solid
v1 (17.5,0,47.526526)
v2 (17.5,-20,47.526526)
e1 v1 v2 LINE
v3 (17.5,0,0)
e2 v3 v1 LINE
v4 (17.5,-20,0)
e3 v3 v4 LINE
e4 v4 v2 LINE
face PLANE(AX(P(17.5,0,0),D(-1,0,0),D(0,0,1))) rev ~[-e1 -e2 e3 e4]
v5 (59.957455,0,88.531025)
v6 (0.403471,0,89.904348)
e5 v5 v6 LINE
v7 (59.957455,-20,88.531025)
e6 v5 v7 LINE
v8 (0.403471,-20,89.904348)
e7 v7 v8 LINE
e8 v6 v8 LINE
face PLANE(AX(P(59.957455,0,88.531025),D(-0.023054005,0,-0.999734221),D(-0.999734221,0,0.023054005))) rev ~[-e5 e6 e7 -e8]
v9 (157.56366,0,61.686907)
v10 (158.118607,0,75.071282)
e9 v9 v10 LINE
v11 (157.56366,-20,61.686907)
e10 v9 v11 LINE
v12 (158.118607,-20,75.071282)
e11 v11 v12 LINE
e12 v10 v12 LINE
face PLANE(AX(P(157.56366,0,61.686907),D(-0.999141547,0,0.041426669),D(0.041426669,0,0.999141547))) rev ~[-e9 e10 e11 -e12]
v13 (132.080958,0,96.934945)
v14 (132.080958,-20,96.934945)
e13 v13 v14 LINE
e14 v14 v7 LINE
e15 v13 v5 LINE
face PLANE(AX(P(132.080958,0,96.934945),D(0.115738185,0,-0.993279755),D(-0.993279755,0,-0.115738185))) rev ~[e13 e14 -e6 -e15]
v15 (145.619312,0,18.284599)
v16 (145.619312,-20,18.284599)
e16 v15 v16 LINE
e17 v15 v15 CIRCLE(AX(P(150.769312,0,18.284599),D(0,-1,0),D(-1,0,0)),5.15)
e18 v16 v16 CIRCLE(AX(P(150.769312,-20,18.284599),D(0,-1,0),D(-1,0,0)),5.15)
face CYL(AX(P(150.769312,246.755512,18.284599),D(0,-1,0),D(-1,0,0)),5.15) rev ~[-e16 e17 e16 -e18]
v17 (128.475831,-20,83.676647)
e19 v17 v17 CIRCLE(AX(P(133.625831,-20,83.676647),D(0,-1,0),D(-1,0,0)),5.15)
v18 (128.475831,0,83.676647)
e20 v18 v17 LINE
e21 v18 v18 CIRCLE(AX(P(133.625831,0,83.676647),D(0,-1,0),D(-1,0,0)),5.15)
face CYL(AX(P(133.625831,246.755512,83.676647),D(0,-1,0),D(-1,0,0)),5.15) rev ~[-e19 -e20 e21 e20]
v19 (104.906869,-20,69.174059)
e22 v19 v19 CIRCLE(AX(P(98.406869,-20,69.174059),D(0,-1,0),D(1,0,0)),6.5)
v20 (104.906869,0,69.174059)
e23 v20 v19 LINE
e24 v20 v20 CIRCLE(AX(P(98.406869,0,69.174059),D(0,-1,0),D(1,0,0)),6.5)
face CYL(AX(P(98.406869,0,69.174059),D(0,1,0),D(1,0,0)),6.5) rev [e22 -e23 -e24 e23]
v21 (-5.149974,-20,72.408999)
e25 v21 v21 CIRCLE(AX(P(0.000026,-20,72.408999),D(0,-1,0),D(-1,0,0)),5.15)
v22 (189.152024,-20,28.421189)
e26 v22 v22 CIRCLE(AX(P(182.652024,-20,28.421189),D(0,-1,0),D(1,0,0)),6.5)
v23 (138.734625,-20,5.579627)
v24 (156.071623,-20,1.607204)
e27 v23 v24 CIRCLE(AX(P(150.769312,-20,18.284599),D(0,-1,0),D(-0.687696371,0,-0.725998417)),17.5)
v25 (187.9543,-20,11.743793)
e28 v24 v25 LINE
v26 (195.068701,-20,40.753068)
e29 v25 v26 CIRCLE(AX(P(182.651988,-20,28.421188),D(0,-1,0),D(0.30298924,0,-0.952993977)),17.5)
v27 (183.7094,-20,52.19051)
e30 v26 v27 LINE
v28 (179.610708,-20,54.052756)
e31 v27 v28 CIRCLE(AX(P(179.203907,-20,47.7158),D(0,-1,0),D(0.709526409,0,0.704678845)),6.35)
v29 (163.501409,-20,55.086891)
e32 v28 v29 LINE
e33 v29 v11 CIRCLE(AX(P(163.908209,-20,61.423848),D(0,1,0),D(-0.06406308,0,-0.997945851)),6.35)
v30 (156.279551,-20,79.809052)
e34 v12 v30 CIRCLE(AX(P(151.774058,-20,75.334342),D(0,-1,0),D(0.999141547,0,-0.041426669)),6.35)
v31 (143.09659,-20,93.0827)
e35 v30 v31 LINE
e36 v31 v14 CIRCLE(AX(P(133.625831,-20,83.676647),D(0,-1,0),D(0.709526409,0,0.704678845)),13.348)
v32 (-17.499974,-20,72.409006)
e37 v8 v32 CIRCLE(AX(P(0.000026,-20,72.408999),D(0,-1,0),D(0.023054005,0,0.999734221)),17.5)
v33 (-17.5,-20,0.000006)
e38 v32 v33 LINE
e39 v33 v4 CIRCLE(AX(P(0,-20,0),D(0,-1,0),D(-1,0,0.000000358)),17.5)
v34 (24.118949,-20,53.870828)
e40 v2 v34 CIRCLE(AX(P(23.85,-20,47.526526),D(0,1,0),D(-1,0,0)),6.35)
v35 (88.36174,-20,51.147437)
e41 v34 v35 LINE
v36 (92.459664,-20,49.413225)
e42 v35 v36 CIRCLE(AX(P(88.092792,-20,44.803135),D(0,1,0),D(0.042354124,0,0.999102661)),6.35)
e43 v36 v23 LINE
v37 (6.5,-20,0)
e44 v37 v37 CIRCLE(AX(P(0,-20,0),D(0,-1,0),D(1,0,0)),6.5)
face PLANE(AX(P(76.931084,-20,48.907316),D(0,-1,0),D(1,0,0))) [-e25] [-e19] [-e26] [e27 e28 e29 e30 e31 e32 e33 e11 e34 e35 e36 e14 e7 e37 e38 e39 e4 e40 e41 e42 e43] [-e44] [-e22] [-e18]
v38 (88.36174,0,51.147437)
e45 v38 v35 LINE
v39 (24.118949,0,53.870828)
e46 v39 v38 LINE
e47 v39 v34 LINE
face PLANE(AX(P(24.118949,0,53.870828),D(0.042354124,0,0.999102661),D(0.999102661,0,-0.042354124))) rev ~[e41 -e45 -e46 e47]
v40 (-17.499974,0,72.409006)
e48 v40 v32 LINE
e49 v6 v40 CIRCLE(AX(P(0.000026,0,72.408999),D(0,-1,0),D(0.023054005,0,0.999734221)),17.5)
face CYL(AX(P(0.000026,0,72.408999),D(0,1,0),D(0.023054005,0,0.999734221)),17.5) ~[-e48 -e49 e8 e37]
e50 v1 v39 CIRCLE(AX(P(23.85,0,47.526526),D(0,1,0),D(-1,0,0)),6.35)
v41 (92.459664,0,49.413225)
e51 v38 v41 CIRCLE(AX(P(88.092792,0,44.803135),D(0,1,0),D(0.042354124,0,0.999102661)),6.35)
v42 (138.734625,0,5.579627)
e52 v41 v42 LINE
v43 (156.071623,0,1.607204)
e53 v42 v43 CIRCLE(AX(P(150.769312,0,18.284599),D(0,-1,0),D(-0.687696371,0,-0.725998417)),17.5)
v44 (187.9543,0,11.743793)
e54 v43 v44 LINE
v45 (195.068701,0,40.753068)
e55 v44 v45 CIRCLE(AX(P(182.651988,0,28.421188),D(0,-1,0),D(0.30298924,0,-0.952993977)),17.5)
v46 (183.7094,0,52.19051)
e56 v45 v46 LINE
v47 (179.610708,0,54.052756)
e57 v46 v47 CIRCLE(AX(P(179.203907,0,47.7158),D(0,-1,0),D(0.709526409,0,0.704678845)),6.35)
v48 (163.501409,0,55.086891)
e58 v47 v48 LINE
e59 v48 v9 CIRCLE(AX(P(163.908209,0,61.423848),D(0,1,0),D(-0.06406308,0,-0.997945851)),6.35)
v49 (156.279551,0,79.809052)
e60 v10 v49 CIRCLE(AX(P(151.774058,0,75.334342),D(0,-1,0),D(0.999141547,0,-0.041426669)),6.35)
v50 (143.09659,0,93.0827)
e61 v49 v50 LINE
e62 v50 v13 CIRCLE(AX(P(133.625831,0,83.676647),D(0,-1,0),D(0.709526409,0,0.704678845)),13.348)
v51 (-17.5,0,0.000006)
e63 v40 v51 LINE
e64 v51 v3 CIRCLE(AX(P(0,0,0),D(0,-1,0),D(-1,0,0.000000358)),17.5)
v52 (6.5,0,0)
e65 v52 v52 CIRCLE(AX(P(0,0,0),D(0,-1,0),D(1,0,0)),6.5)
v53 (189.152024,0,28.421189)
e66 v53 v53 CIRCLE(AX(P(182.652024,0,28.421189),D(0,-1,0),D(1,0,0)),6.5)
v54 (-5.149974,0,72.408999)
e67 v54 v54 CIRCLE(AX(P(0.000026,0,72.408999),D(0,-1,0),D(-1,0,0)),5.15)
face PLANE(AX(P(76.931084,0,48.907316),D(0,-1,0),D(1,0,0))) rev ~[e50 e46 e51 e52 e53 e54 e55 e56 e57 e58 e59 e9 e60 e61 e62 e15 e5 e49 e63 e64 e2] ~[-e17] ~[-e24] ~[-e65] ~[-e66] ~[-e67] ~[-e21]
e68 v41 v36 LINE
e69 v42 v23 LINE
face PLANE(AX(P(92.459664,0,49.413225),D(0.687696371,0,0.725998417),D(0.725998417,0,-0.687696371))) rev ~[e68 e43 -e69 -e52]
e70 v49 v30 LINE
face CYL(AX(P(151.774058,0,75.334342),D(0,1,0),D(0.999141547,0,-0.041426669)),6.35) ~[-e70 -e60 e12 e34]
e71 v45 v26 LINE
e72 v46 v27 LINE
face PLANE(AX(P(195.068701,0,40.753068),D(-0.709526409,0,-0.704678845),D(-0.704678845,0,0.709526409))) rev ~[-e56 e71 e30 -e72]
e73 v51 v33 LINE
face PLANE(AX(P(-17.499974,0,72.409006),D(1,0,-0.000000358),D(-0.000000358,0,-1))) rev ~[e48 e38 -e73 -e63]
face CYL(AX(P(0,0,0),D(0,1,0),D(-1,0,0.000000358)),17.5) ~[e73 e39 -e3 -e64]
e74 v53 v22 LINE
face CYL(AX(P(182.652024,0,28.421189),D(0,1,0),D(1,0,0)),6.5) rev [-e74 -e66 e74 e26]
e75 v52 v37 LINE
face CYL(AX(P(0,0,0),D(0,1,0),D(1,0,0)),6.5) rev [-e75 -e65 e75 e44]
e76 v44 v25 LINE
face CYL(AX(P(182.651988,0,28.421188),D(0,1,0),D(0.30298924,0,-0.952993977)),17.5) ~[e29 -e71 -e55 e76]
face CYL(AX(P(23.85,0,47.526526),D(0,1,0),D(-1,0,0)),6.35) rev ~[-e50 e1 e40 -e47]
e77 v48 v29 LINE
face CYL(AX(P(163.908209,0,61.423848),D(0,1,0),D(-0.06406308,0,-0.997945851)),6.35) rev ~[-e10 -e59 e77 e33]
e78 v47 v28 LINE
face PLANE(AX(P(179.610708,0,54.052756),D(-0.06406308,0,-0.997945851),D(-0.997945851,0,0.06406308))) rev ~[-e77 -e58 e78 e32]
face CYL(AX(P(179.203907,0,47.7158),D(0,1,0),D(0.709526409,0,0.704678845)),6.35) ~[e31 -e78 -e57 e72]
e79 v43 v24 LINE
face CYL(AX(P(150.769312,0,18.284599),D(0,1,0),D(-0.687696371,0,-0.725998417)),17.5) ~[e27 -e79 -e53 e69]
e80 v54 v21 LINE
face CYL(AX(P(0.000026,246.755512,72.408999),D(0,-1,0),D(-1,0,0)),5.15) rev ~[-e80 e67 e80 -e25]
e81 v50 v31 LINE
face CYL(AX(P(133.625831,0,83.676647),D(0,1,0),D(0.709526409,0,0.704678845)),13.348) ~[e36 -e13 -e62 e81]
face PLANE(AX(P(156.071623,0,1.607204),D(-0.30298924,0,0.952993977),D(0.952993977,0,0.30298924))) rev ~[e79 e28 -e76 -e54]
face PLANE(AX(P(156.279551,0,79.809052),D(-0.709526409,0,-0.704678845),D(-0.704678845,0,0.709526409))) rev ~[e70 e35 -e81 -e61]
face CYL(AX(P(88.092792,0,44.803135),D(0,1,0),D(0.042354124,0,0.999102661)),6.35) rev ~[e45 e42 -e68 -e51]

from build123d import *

# Parameters (mm, degrees)
F0_R     = 5.1005
F0_R_2   = 6.5
F1_DEPTH = 20
F2_D     = 10.3


with BuildPart() as f1:
    # F0 (on Front) → F1 (new body)
    with BuildSketch(Plane.XZ):
        with BuildLine():
            Line((132.0809580877, 96.9349452117), (59.9574545853, 88.5310254399))
            Line((59.9574545853, 88.5310254399), (0.403471028, 89.9043482712))
            ThreePointArc((0.403471028, 89.9043482712), (-12.2308693915, 84.9251968815), (-17.4999740584, 72.4090056714))
            Line((-17.4999740584, 72.4090056714), (-17.5, 6.2696e-06))
            ThreePointArc((-17.5, 6.2696e-06), (3.1348e-06, 17.5), (17.5, 0))
            Line((17.5, 0), (17.5, 47.5265261404))
            ThreePointArc((17.5, 47.5265261404), (19.4559884027, 52.1107558557), (24.1189486874, 53.8708280409))
            Line((24.1189486874, 53.8708280409), (88.3617403031, 51.1474370752))
            ThreePointArc((88.3617403031, 51.1474370752), (90.5675807024, 50.6510338552), (92.4596635684, 49.413225125))
            Line((92.4596635684, 49.413225125), (138.7346251007, 5.5796266896))
            ThreePointArc((138.7346251007, 5.5796266896), (146.8608269295, 1.2266463698), (156.0716232804, 1.6072043922))
            Line((156.0716232804, 1.6072043922), (187.9543001925, 11.7437931539))
            ThreePointArc((187.9543001925, 11.7437931539), (199.6483249179, 24.2529089432), (195.0687006595, 40.7530675413))
            Line((195.0687006595, 40.7530675413), (183.7093997167, 52.1905103823))
            ThreePointArc((183.7093997167, 52.1905103823), (181.8306247091, 53.4970499424), (179.6107075775, 54.0527558716))
            Line((179.6107075775, 54.0527558716), (163.5014087271, 55.0868914458))
            ThreePointArc((163.5014087271, 55.0868914458), (159.1874857427, 57.1768169649), (157.5636604631, 61.6869069477))
            Line((157.5636604631, 61.6869069477), (158.1186069427, 75.0712822585))
            ThreePointArc((158.1186069427, 75.0712822585), (157.6937258828, 77.6321739679), (156.2795508179, 79.8090522713))
            Line((156.2795508179, 79.8090522713), (143.0965898897, 93.0827002582))
            ThreePointArc((143.0965898897, 93.0827002582), (138.032061278, 96.2764185447), (132.0809580877, 96.9349452117))
        make_face()
        with Locations((150.7693115845, 18.2845989932)):
            Circle(F0_R, mode=Mode.SUBTRACT)
        with Locations((182.6520242019, 28.4211886504)):
            Circle(F0_R_2, mode=Mode.SUBTRACT)
        with Locations((0, 72.409)):
            Circle(F0_R, mode=Mode.SUBTRACT)
        with Locations((98.4068690139, 69.1740594433)):
            Circle(F0_R_2, mode=Mode.SUBTRACT)
        with BuildLine():
            ThreePointArc((128.5433202763, 83.2480872642), (133.4113540709, 88.7725695723), (138.7262896457, 83.6765792236))
            ThreePointArc((138.7262896457, 83.6765792236), (133.8402252205, 78.5805888749), (128.5433202763, 83.2480872642))
        make_face(mode=Mode.SUBTRACT)
        with BuildLine():
            ThreePointArc((17.5, 0), (3.1348e-06, 17.5), (-17.5, 6.2696e-06))
            ThreePointArc((-17.5, 6.2696e-06), (-3.1348e-06, -17.5), (17.5, 0))
        make_face()
        Circle(F0_R_2, mode=Mode.SUBTRACT)
        with BuildLine():
            ThreePointArc((128.5433202763, 83.2480872642), (133.8402252205, 78.5805888749), (138.7262896457, 83.6765792236))
            ThreePointArc((138.7262896457, 83.6765792236), (133.4113540709, 88.7725695723), (128.5433202763, 83.2480872642))
        make_face()
        with Locations((150.7693115845, 18.2845989932)):
            Circle(F0_R)
        with Locations((0, 72.409)):
            Circle(F0_R)
    extrude(amount=F1_DEPTH)

    # F2 (through all)
    with Locations(Plane(origin=(0, 0, 0), x_dir=(1, 0, 0), z_dir=(0, 1, 0))):
        with Locations((2.59416e-05, -72.4089994018), (150.7693115845, -18.2845989932), (133.6258313783, -83.676647036)):
            Hole(F2_D / 2)


solid = f1.part
